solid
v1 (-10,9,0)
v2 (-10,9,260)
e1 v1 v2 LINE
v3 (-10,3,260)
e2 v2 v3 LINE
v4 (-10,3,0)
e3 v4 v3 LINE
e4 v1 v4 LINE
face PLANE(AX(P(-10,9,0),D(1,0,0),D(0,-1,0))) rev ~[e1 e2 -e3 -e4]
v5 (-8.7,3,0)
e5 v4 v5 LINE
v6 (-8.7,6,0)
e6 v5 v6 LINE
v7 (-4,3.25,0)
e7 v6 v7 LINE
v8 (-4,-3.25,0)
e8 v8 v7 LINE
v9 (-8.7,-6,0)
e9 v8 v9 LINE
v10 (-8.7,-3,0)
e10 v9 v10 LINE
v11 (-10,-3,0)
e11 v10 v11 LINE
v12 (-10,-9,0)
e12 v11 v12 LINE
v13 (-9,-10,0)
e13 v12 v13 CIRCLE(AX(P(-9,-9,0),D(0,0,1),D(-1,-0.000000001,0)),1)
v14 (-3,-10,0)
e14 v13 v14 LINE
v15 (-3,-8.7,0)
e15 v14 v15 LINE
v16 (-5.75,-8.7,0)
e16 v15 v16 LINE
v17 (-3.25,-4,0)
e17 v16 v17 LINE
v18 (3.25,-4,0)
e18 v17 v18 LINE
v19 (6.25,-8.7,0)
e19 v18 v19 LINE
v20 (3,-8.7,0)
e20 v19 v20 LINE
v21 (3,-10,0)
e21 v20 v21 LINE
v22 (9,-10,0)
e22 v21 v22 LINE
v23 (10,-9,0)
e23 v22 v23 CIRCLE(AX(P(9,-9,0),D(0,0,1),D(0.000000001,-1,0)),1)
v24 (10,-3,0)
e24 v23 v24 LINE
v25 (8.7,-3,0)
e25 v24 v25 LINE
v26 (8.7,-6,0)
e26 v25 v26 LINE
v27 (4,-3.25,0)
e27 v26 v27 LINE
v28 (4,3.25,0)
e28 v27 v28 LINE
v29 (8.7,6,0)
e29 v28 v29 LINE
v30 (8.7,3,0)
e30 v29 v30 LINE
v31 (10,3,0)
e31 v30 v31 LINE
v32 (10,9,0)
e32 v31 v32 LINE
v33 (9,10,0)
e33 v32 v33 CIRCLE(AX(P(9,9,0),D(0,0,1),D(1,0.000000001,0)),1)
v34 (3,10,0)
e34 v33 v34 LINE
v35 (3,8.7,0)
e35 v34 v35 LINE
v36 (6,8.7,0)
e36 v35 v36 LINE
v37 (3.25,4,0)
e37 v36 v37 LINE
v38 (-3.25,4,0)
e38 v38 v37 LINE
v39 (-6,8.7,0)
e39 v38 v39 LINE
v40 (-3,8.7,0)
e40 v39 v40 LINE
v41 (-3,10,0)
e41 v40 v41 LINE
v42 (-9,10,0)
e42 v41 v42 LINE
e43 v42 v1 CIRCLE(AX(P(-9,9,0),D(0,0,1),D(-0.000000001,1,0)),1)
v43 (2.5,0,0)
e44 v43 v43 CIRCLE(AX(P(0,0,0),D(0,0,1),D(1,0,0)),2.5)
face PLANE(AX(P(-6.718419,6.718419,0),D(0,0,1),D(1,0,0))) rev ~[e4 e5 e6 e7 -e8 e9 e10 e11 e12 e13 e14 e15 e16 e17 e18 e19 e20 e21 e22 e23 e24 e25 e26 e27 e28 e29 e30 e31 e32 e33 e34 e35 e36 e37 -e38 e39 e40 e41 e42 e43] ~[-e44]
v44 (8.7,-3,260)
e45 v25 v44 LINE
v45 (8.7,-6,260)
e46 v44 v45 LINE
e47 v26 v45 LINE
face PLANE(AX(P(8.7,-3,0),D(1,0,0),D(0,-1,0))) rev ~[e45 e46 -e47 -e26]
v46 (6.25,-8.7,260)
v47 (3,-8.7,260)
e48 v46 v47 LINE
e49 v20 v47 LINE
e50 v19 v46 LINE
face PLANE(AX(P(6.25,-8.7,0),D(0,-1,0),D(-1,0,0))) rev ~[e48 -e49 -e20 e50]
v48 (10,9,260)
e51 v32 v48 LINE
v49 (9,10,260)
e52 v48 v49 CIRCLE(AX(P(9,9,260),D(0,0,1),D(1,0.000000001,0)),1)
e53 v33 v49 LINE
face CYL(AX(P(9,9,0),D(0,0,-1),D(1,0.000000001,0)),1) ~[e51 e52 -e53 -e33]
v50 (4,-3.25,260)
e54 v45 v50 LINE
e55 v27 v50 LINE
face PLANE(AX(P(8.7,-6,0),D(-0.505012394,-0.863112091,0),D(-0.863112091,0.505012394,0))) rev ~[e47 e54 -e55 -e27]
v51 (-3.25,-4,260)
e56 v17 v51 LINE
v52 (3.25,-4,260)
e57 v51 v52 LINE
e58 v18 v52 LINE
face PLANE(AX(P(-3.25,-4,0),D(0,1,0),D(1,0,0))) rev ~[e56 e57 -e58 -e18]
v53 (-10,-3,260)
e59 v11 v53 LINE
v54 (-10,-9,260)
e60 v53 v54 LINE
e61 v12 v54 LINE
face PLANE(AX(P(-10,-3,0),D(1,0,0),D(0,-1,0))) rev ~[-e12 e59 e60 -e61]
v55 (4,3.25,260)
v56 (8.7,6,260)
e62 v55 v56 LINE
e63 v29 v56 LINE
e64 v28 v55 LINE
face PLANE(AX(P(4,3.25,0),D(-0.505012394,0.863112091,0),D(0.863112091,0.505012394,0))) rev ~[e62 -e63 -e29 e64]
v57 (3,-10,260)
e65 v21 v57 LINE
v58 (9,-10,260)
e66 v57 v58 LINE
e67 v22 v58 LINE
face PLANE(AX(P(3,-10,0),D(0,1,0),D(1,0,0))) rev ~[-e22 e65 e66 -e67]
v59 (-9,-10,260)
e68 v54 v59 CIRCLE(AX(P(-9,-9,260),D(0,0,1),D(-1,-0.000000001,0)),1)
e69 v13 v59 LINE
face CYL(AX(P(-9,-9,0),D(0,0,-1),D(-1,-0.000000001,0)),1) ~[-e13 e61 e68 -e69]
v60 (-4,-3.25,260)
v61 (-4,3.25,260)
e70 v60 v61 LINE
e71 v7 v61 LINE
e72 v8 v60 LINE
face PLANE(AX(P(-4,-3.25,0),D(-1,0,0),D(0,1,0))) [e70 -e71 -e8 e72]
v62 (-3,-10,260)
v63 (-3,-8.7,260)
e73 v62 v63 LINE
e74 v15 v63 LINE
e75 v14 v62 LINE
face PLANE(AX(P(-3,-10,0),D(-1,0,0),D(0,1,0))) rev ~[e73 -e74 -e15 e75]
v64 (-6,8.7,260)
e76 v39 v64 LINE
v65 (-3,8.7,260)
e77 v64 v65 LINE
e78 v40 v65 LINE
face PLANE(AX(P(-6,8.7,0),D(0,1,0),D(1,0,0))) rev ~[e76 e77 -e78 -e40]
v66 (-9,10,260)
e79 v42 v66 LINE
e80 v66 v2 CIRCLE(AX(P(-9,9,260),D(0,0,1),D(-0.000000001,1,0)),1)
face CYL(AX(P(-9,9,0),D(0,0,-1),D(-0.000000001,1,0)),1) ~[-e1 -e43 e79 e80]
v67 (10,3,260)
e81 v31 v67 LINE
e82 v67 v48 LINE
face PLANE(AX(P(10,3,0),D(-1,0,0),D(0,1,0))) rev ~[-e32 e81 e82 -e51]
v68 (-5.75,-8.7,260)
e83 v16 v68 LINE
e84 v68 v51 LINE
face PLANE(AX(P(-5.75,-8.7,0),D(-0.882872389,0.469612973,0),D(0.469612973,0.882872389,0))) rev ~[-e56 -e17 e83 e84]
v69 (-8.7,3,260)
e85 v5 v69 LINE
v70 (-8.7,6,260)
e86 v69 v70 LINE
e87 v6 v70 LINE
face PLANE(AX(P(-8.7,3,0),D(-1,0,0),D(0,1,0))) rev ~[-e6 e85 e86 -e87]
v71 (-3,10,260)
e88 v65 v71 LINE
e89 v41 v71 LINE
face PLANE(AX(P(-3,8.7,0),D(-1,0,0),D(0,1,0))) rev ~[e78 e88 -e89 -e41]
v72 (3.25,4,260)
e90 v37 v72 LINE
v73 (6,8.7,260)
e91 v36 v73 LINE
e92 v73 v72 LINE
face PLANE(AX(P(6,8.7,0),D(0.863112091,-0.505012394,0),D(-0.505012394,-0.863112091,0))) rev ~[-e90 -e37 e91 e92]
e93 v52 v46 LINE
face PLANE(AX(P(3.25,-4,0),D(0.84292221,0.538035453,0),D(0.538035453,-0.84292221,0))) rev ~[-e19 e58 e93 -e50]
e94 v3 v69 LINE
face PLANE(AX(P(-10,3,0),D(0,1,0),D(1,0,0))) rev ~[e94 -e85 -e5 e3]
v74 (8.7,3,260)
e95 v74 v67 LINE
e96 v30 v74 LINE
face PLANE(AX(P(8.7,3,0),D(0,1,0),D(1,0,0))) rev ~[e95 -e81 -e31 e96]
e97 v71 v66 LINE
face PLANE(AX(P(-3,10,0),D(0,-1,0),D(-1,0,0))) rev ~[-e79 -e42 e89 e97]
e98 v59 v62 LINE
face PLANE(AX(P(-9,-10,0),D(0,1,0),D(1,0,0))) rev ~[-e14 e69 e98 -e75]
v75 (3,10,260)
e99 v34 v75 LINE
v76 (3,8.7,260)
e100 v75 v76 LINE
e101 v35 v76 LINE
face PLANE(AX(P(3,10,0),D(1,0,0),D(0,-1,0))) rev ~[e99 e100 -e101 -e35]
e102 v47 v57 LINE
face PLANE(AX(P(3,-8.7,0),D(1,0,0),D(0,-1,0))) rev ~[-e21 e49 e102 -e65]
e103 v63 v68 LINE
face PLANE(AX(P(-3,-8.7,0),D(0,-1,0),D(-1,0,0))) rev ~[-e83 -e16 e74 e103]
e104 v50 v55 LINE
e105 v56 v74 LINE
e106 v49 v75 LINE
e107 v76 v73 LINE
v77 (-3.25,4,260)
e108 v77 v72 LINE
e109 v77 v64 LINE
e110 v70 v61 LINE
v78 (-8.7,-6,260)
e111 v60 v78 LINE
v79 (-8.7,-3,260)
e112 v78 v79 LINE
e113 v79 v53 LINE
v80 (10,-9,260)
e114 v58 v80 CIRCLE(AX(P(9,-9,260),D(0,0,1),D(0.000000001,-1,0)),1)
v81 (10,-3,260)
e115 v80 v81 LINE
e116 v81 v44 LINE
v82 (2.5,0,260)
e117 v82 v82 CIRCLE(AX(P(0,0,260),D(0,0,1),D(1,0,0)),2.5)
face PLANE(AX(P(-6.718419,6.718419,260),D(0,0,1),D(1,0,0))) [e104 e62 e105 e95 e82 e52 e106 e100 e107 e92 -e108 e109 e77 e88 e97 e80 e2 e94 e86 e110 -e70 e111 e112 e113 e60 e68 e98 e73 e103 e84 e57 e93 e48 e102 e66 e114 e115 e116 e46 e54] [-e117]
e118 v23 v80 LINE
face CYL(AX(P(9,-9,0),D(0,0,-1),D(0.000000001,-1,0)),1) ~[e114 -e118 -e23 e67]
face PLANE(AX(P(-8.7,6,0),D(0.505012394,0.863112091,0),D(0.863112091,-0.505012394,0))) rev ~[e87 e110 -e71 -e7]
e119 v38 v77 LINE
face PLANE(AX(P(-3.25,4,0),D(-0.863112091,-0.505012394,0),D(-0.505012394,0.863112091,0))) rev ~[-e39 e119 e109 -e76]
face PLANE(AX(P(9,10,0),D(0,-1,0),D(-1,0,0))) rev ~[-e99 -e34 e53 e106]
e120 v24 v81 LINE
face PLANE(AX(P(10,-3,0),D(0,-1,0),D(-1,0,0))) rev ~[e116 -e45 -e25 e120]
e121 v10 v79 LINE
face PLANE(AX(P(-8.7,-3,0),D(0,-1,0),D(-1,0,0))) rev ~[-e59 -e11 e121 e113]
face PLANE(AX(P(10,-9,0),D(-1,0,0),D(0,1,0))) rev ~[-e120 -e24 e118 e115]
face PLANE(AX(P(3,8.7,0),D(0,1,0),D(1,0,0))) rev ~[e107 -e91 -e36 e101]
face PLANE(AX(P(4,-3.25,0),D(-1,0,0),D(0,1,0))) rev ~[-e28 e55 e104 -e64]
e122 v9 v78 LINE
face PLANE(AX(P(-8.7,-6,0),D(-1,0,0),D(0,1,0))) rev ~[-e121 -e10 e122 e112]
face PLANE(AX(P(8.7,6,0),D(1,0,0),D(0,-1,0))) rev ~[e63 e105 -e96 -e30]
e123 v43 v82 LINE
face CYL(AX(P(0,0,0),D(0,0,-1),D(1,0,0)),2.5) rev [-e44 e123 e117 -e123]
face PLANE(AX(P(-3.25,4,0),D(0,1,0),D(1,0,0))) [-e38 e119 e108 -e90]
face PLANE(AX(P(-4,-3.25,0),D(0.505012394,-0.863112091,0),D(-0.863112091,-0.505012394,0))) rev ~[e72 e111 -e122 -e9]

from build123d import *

# Parameters (mm, degrees)
CROQUIS1_W              = 8
CROQUIS1_H              = 8
CROQUIS1_R              = 2.5
SALIENTE_EXTRUIR4_DEPTH = 260


with BuildPart() as part:
    # Croquis1 → Saliente-Extruir4 (new body)
    with BuildSketch(Plane.XY):
        with BuildLine():
            Line((-3, 8.7), (-3, 10))
            Line((-3, 10), (-9, 10))
            ThreePointArc((-9, 10), (-9.707106781, 9.707106781), (-10, 9))
            Line((-10, 9), (-10, 3))
            Line((-10, 3), (-8.7, 3))
            Line((-8.7, 3), (-8.7, 6))
            Line((-8.7, 6), (-4, 3.25))
            Line((-4, 3.25), (-4, 4))
            Line((-4, 4), (-3.25, 4))
            Line((-3.25, 4), (-6, 8.7))
            Line((-6, 8.7), (-3, 8.7))
        make_face()
        with BuildLine():
            Line((9, 10), (3, 10))
            Line((3, 10), (3, 8.7))
            Line((3, 8.7), (6, 8.7))
            Line((6, 8.7), (3.25, 4))
            Line((3.25, 4), (4, 4))
            Line((4, 4), (4, 3.25))
            Line((4, 3.25), (8.7, 6))
            Line((8.7, 6), (8.7, 3))
            Line((8.7, 3), (10, 3))
            Line((10, 3), (10, 9))
            ThreePointArc((10, 9), (9.707106781, 9.707106781), (9, 10))
        make_face()
        with BuildLine():
            Line((10, -9), (10, -3))
            Line((10, -3), (8.7, -3))
            Line((8.7, -3), (8.7, -6))
            Line((8.7, -6), (4, -3.25))
            Line((4, -3.25), (4, -4))
            Line((4, -4), (3.25, -4))
            Line((3.25, -4), (6.25, -8.7))
            Line((6.25, -8.7), (3, -8.7))
            Line((3, -8.7), (3, -10))
            Line((3, -10), (9, -10))
            ThreePointArc((9, -10), (9.707106781, -9.707106781), (10, -9))
        make_face()
        with BuildLine():
            Line((-8.7, -3), (-10, -3))
            Line((-10, -3), (-10, -9))
            ThreePointArc((-10, -9), (-9.707106781, -9.707106781), (-9, -10))
            Line((-9, -10), (-3, -10))
            Line((-3, -10), (-3, -8.7))
            Line((-3, -8.7), (-5.75, -8.7))
            Line((-5.75, -8.7), (-3.25, -4))
            Line((-3.25, -4), (-4, -4))
            Line((-4, -4), (-4, -3.25))
            Line((-4, -3.25), (-8.7, -6))
            Line((-8.7, -6), (-8.7, -3))
        make_face()
        Rectangle(CROQUIS1_W, CROQUIS1_H)
        Circle(CROQUIS1_R, mode=Mode.SUBTRACT)
    extrude(amount=SALIENTE_EXTRUIR4_DEPTH)


solid = part.part
